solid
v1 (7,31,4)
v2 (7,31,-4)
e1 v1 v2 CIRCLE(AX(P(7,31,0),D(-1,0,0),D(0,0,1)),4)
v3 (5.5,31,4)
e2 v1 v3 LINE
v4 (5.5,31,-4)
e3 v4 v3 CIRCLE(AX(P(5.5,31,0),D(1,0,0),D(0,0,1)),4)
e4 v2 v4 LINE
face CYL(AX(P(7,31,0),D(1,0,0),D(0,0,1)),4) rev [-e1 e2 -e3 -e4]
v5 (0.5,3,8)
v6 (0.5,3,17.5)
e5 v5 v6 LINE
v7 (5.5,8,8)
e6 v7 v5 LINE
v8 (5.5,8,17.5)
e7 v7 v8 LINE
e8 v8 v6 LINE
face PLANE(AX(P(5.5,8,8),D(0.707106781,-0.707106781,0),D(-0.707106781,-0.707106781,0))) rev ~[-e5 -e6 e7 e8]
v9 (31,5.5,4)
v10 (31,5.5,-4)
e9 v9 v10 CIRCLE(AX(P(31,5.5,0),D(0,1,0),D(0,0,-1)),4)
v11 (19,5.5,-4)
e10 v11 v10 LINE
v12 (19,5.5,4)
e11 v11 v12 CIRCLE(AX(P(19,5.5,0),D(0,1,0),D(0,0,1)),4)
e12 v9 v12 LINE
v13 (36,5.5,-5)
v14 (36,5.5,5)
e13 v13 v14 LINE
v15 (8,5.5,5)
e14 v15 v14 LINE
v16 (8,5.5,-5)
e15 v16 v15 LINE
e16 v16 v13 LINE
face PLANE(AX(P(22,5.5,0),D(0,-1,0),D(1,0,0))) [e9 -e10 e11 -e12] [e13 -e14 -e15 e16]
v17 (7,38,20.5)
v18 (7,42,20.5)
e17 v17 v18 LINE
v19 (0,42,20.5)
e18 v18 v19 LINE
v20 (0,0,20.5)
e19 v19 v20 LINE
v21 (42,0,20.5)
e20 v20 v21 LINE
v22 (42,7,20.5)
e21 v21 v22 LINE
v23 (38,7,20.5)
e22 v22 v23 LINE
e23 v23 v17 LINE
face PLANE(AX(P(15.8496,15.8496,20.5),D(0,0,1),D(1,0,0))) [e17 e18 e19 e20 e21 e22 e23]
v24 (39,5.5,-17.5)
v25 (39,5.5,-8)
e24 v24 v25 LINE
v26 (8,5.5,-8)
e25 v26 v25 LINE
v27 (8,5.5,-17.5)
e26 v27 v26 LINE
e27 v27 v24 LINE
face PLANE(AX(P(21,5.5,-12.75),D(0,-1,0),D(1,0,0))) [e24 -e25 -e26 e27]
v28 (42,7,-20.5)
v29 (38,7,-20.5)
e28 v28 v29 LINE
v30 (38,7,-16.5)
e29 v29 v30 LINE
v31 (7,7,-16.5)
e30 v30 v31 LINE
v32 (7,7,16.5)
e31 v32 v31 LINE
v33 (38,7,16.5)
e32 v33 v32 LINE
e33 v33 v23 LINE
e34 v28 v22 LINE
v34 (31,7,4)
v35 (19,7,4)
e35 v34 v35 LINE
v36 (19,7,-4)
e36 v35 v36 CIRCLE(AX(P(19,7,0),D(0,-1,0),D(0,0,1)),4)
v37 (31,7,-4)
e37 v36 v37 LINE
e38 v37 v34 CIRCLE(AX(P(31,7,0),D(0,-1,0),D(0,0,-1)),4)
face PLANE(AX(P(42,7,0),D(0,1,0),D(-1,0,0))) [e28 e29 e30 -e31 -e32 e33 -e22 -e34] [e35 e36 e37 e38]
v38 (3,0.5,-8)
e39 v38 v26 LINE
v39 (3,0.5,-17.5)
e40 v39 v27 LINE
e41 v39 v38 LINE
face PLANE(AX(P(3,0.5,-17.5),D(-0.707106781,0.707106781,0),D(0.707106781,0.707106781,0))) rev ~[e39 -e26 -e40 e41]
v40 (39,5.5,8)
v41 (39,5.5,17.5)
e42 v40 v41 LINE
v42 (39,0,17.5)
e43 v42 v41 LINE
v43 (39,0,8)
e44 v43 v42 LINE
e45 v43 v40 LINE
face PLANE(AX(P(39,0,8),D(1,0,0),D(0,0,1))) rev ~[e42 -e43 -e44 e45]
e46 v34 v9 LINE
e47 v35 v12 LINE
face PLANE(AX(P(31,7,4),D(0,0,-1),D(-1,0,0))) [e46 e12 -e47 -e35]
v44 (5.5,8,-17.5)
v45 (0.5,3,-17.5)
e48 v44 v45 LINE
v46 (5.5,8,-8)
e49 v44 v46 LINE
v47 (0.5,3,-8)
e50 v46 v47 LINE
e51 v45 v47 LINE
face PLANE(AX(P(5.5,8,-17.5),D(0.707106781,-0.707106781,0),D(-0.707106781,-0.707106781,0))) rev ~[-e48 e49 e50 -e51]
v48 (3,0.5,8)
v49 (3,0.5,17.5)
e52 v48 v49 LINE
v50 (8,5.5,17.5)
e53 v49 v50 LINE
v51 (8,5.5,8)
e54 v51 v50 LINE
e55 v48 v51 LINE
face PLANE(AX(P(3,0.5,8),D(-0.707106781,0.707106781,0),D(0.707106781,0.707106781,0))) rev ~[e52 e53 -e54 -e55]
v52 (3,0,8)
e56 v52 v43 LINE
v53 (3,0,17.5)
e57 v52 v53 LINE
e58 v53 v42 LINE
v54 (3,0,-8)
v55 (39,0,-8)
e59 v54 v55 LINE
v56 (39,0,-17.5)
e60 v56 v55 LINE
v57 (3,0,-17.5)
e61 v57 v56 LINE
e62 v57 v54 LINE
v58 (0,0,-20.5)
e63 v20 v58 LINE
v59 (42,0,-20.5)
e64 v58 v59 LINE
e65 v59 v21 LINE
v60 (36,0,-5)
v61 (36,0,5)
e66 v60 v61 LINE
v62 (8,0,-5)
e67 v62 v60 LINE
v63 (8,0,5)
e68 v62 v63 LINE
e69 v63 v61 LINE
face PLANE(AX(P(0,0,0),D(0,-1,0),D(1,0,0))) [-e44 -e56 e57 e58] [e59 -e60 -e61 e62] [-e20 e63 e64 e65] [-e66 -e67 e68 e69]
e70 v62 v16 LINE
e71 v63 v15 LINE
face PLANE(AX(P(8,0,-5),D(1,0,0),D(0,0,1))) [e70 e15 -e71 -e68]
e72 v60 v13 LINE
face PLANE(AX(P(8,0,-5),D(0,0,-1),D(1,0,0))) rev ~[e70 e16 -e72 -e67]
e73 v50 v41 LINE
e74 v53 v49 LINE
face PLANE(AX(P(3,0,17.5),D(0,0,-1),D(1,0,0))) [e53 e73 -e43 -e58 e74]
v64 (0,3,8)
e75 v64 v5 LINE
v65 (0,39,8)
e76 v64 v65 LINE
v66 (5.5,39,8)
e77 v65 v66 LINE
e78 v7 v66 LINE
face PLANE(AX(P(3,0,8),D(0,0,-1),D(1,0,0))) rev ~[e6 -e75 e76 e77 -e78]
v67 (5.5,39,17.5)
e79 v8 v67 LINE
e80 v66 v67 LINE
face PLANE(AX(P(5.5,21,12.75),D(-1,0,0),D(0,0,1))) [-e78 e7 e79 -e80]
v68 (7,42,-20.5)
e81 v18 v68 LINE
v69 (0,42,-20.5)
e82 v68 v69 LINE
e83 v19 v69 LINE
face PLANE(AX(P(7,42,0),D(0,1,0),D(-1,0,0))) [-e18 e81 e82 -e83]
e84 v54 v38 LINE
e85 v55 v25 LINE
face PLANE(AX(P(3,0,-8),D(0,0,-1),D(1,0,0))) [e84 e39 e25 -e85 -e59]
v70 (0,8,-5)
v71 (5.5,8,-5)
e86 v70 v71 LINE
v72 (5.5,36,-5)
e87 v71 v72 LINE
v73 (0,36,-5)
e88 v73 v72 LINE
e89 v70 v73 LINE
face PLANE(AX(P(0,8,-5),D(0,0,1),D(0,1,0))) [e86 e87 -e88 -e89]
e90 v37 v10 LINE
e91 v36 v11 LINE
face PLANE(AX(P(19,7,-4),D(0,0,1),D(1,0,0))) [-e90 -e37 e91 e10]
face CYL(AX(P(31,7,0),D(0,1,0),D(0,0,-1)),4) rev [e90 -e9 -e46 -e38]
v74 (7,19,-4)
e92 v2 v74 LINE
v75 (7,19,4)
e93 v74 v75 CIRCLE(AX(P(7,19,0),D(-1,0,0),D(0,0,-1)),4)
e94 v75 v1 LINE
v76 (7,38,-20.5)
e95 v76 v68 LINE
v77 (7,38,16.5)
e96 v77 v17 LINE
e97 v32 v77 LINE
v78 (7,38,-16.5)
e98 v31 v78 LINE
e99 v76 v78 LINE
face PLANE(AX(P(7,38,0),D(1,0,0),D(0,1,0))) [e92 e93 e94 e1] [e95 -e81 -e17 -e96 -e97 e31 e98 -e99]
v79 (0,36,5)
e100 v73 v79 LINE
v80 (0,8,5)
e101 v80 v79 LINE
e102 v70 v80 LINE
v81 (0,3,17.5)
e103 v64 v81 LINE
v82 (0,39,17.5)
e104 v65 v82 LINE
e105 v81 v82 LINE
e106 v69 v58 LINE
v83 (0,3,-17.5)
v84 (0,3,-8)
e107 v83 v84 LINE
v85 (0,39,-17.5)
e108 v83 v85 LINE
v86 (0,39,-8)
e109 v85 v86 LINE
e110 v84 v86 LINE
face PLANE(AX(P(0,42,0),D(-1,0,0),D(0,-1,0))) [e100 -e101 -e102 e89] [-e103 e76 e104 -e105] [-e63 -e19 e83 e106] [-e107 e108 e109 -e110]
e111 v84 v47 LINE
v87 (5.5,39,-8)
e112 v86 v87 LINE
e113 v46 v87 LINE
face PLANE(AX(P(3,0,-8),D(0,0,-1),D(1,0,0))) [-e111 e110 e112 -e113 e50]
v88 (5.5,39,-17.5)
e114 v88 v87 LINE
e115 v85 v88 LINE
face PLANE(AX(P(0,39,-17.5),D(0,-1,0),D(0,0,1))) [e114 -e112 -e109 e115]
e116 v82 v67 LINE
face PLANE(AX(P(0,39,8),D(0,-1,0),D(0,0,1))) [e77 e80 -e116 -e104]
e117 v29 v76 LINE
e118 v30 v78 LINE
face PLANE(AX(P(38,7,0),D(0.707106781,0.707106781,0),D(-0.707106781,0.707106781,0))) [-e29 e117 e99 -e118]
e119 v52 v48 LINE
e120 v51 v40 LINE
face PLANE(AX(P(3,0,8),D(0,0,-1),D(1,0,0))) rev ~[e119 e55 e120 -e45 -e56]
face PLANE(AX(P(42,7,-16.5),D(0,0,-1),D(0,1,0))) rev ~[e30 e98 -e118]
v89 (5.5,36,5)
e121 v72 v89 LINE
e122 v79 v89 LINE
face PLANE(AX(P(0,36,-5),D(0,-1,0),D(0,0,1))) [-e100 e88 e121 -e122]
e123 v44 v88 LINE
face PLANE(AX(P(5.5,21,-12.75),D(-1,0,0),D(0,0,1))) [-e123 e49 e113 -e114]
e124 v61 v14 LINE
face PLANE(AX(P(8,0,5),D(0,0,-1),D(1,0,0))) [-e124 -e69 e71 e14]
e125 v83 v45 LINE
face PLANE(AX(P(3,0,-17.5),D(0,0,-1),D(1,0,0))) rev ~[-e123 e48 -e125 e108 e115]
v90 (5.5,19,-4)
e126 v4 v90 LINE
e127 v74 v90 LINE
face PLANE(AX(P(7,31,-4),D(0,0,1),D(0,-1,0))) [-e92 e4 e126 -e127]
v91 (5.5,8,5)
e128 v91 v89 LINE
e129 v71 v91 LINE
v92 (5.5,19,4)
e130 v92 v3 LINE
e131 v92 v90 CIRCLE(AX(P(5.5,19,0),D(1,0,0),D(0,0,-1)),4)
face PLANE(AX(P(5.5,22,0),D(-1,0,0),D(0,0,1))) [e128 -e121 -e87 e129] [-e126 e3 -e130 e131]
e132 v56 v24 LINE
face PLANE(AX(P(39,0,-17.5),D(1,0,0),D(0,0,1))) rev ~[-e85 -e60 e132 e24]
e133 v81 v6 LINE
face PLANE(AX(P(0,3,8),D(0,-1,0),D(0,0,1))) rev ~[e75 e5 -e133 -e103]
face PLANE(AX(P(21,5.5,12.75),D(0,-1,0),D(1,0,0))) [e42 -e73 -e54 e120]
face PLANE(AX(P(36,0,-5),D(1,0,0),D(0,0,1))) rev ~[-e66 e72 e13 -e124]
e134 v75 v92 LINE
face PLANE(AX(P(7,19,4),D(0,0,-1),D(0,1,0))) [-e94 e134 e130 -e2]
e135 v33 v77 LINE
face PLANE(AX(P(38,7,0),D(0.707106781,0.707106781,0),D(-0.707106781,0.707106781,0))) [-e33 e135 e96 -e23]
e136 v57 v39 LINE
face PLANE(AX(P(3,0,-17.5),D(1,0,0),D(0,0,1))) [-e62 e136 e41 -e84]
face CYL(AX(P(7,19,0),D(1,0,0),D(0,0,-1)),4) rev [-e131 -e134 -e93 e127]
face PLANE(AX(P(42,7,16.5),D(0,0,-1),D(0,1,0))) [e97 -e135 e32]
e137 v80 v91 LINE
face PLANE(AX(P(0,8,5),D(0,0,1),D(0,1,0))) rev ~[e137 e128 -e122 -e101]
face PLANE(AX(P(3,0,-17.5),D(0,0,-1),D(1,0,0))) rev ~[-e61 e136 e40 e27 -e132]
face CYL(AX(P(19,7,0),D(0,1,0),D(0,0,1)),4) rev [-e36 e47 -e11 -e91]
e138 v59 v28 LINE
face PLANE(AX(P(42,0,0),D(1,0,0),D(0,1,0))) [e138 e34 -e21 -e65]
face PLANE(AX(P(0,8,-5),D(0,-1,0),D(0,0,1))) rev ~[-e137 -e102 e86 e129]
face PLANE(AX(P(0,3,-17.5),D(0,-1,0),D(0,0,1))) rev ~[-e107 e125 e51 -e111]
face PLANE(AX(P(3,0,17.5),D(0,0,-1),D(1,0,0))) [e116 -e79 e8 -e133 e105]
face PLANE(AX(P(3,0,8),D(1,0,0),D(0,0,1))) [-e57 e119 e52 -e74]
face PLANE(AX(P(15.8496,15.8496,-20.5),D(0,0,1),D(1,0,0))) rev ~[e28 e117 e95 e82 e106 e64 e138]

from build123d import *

# Parameters (mm, degrees)
AUFSATZ_LINEAR_AUSTRAGEN1_DEPTH = 20.5
SKIZZE2_W                       = 33
SKIZZE2_H                       = 31
SCHNITT_LINEAR_AUSTRAGEN1_DEPTH = 35
SCHNITT_LINEAR_AUSTRAGEN2_DEPTH = 10
SCHNITT_LINEAR_AUSTRAGEN3_DEPTH = 10
SKIZZE5_W                       = 9.5
SKIZZE5_H                       = 36
SKIZZE5_W_2                     = 10
SKIZZE5_H_2                     = 28
SCHNITT_LINEAR_AUSTRAGEN4_DEPTH = 5.5
SKIZZE6_W                       = 28
SKIZZE6_H                       = 10
SKIZZE6_W_2                     = 36
SKIZZE6_H_2                     = 9.5
SCHNITT_LINEAR_AUSTRAGEN5_DEPTH = 5.5
AUFSATZ_LINEAR_AUSTRAGEN2_DEPTH = 9.5
AUFSATZ_LINEAR_AUSTRAGEN3_DEPTH = 9.5


with BuildPart() as part:
    # Skizze1 → Aufsatz-Linear austragen1 (new, symmetric)
    with BuildSketch(Plane.XY):
        Polygon((0, 0), (42, 0), (42, 7), (38, 7), (7, 38), (7, 42), (0, 42), align=None)
    extrude(amount=AUFSATZ_LINEAR_AUSTRAGEN1_DEPTH, both=True)

    # Skizze2 → Schnitt-Linear austragen1 (cut)
    with BuildSketch(Plane(origin=(42, 0, 0), x_dir=(0, 0, -1), z_dir=(1, 0, 0))):
        with Locations((0, 22.5)):
            Rectangle(SKIZZE2_W, SKIZZE2_H)
    extrude(amount=-SCHNITT_LINEAR_AUSTRAGEN1_DEPTH, mode=Mode.SUBTRACT)

    # Skizze3 → Schnitt-Linear austragen2 (cut)
    with BuildSketch(Plane(origin=(7, 0, 0), x_dir=(0, 0, -1), z_dir=(1, 0, 0))):
        with BuildLine():
            Line((-4, 19), (-4, 31))
            ThreePointArc((-4, 31), (0, 35), (4, 31))
            Line((4, 31), (4, 19))
            ThreePointArc((4, 19), (0, 15), (-4, 19))
        make_face()
    extrude(amount=-SCHNITT_LINEAR_AUSTRAGEN2_DEPTH, mode=Mode.SUBTRACT)

    # Skizze4 → Schnitt-Linear austragen3 (cut)
    with BuildSketch(Plane(origin=(0, 7, 0), x_dir=(1, 0, 0), z_dir=(0, 1, 0))):
        with BuildLine():
            Line((19, 4), (31, 4))
            ThreePointArc((31, 4), (35, 0), (31, -4))
            Line((31, -4), (19, -4))
            ThreePointArc((19, -4), (15, 0), (19, 4))
        make_face()
    extrude(amount=-SCHNITT_LINEAR_AUSTRAGEN3_DEPTH, mode=Mode.SUBTRACT)

    # Skizze5 → Schnitt-Linear austragen4 (cut)
    with BuildSketch(Plane.ZY):
        with Locations((12.75, 21)):
            Rectangle(SKIZZE5_W, SKIZZE5_H)
        with Locations((0, 22)):
            Rectangle(SKIZZE5_W_2, SKIZZE5_H_2)
        with Locations((-12.75, 21)):
            Rectangle(SKIZZE5_W, SKIZZE5_H)
    extrude(amount=-SCHNITT_LINEAR_AUSTRAGEN4_DEPTH, mode=Mode.SUBTRACT)

    # Skizze6 → Schnitt-Linear austragen5 (cut)
    with BuildSketch(Plane.XZ):
        with Locations((22, 0)):
            Rectangle(SKIZZE6_W, SKIZZE6_H)
        with Locations((21, 12.75)):
            Rectangle(SKIZZE6_W_2, SKIZZE6_H_2)
        with Locations((21, -12.75)):
            Rectangle(SKIZZE6_W_2, SKIZZE6_H_2)
    extrude(amount=-SCHNITT_LINEAR_AUSTRAGEN5_DEPTH, mode=Mode.SUBTRACT)

    # Skizze7 → Aufsatz-Linear austragen2 (add)
    with BuildSketch(Plane.XY.offset(8)):
        Polygon((3, 0.5), (8, 5.5), (5.5, 5.5), (5.5, 8), (0.5, 3), (3, 3), align=None)
    extrude(amount=AUFSATZ_LINEAR_AUSTRAGEN2_DEPTH)

    # Skizze8 → Aufsatz-Linear austragen3 (add)
    with BuildSketch(Plane.XY.offset(-17.5)):
        Polygon((3, 0.5), (8, 5.5), (5.5, 5.5), (5.5, 8), (0.5, 3), (3, 3), align=None)
    extrude(amount=AUFSATZ_LINEAR_AUSTRAGEN3_DEPTH)


solid = part.part
